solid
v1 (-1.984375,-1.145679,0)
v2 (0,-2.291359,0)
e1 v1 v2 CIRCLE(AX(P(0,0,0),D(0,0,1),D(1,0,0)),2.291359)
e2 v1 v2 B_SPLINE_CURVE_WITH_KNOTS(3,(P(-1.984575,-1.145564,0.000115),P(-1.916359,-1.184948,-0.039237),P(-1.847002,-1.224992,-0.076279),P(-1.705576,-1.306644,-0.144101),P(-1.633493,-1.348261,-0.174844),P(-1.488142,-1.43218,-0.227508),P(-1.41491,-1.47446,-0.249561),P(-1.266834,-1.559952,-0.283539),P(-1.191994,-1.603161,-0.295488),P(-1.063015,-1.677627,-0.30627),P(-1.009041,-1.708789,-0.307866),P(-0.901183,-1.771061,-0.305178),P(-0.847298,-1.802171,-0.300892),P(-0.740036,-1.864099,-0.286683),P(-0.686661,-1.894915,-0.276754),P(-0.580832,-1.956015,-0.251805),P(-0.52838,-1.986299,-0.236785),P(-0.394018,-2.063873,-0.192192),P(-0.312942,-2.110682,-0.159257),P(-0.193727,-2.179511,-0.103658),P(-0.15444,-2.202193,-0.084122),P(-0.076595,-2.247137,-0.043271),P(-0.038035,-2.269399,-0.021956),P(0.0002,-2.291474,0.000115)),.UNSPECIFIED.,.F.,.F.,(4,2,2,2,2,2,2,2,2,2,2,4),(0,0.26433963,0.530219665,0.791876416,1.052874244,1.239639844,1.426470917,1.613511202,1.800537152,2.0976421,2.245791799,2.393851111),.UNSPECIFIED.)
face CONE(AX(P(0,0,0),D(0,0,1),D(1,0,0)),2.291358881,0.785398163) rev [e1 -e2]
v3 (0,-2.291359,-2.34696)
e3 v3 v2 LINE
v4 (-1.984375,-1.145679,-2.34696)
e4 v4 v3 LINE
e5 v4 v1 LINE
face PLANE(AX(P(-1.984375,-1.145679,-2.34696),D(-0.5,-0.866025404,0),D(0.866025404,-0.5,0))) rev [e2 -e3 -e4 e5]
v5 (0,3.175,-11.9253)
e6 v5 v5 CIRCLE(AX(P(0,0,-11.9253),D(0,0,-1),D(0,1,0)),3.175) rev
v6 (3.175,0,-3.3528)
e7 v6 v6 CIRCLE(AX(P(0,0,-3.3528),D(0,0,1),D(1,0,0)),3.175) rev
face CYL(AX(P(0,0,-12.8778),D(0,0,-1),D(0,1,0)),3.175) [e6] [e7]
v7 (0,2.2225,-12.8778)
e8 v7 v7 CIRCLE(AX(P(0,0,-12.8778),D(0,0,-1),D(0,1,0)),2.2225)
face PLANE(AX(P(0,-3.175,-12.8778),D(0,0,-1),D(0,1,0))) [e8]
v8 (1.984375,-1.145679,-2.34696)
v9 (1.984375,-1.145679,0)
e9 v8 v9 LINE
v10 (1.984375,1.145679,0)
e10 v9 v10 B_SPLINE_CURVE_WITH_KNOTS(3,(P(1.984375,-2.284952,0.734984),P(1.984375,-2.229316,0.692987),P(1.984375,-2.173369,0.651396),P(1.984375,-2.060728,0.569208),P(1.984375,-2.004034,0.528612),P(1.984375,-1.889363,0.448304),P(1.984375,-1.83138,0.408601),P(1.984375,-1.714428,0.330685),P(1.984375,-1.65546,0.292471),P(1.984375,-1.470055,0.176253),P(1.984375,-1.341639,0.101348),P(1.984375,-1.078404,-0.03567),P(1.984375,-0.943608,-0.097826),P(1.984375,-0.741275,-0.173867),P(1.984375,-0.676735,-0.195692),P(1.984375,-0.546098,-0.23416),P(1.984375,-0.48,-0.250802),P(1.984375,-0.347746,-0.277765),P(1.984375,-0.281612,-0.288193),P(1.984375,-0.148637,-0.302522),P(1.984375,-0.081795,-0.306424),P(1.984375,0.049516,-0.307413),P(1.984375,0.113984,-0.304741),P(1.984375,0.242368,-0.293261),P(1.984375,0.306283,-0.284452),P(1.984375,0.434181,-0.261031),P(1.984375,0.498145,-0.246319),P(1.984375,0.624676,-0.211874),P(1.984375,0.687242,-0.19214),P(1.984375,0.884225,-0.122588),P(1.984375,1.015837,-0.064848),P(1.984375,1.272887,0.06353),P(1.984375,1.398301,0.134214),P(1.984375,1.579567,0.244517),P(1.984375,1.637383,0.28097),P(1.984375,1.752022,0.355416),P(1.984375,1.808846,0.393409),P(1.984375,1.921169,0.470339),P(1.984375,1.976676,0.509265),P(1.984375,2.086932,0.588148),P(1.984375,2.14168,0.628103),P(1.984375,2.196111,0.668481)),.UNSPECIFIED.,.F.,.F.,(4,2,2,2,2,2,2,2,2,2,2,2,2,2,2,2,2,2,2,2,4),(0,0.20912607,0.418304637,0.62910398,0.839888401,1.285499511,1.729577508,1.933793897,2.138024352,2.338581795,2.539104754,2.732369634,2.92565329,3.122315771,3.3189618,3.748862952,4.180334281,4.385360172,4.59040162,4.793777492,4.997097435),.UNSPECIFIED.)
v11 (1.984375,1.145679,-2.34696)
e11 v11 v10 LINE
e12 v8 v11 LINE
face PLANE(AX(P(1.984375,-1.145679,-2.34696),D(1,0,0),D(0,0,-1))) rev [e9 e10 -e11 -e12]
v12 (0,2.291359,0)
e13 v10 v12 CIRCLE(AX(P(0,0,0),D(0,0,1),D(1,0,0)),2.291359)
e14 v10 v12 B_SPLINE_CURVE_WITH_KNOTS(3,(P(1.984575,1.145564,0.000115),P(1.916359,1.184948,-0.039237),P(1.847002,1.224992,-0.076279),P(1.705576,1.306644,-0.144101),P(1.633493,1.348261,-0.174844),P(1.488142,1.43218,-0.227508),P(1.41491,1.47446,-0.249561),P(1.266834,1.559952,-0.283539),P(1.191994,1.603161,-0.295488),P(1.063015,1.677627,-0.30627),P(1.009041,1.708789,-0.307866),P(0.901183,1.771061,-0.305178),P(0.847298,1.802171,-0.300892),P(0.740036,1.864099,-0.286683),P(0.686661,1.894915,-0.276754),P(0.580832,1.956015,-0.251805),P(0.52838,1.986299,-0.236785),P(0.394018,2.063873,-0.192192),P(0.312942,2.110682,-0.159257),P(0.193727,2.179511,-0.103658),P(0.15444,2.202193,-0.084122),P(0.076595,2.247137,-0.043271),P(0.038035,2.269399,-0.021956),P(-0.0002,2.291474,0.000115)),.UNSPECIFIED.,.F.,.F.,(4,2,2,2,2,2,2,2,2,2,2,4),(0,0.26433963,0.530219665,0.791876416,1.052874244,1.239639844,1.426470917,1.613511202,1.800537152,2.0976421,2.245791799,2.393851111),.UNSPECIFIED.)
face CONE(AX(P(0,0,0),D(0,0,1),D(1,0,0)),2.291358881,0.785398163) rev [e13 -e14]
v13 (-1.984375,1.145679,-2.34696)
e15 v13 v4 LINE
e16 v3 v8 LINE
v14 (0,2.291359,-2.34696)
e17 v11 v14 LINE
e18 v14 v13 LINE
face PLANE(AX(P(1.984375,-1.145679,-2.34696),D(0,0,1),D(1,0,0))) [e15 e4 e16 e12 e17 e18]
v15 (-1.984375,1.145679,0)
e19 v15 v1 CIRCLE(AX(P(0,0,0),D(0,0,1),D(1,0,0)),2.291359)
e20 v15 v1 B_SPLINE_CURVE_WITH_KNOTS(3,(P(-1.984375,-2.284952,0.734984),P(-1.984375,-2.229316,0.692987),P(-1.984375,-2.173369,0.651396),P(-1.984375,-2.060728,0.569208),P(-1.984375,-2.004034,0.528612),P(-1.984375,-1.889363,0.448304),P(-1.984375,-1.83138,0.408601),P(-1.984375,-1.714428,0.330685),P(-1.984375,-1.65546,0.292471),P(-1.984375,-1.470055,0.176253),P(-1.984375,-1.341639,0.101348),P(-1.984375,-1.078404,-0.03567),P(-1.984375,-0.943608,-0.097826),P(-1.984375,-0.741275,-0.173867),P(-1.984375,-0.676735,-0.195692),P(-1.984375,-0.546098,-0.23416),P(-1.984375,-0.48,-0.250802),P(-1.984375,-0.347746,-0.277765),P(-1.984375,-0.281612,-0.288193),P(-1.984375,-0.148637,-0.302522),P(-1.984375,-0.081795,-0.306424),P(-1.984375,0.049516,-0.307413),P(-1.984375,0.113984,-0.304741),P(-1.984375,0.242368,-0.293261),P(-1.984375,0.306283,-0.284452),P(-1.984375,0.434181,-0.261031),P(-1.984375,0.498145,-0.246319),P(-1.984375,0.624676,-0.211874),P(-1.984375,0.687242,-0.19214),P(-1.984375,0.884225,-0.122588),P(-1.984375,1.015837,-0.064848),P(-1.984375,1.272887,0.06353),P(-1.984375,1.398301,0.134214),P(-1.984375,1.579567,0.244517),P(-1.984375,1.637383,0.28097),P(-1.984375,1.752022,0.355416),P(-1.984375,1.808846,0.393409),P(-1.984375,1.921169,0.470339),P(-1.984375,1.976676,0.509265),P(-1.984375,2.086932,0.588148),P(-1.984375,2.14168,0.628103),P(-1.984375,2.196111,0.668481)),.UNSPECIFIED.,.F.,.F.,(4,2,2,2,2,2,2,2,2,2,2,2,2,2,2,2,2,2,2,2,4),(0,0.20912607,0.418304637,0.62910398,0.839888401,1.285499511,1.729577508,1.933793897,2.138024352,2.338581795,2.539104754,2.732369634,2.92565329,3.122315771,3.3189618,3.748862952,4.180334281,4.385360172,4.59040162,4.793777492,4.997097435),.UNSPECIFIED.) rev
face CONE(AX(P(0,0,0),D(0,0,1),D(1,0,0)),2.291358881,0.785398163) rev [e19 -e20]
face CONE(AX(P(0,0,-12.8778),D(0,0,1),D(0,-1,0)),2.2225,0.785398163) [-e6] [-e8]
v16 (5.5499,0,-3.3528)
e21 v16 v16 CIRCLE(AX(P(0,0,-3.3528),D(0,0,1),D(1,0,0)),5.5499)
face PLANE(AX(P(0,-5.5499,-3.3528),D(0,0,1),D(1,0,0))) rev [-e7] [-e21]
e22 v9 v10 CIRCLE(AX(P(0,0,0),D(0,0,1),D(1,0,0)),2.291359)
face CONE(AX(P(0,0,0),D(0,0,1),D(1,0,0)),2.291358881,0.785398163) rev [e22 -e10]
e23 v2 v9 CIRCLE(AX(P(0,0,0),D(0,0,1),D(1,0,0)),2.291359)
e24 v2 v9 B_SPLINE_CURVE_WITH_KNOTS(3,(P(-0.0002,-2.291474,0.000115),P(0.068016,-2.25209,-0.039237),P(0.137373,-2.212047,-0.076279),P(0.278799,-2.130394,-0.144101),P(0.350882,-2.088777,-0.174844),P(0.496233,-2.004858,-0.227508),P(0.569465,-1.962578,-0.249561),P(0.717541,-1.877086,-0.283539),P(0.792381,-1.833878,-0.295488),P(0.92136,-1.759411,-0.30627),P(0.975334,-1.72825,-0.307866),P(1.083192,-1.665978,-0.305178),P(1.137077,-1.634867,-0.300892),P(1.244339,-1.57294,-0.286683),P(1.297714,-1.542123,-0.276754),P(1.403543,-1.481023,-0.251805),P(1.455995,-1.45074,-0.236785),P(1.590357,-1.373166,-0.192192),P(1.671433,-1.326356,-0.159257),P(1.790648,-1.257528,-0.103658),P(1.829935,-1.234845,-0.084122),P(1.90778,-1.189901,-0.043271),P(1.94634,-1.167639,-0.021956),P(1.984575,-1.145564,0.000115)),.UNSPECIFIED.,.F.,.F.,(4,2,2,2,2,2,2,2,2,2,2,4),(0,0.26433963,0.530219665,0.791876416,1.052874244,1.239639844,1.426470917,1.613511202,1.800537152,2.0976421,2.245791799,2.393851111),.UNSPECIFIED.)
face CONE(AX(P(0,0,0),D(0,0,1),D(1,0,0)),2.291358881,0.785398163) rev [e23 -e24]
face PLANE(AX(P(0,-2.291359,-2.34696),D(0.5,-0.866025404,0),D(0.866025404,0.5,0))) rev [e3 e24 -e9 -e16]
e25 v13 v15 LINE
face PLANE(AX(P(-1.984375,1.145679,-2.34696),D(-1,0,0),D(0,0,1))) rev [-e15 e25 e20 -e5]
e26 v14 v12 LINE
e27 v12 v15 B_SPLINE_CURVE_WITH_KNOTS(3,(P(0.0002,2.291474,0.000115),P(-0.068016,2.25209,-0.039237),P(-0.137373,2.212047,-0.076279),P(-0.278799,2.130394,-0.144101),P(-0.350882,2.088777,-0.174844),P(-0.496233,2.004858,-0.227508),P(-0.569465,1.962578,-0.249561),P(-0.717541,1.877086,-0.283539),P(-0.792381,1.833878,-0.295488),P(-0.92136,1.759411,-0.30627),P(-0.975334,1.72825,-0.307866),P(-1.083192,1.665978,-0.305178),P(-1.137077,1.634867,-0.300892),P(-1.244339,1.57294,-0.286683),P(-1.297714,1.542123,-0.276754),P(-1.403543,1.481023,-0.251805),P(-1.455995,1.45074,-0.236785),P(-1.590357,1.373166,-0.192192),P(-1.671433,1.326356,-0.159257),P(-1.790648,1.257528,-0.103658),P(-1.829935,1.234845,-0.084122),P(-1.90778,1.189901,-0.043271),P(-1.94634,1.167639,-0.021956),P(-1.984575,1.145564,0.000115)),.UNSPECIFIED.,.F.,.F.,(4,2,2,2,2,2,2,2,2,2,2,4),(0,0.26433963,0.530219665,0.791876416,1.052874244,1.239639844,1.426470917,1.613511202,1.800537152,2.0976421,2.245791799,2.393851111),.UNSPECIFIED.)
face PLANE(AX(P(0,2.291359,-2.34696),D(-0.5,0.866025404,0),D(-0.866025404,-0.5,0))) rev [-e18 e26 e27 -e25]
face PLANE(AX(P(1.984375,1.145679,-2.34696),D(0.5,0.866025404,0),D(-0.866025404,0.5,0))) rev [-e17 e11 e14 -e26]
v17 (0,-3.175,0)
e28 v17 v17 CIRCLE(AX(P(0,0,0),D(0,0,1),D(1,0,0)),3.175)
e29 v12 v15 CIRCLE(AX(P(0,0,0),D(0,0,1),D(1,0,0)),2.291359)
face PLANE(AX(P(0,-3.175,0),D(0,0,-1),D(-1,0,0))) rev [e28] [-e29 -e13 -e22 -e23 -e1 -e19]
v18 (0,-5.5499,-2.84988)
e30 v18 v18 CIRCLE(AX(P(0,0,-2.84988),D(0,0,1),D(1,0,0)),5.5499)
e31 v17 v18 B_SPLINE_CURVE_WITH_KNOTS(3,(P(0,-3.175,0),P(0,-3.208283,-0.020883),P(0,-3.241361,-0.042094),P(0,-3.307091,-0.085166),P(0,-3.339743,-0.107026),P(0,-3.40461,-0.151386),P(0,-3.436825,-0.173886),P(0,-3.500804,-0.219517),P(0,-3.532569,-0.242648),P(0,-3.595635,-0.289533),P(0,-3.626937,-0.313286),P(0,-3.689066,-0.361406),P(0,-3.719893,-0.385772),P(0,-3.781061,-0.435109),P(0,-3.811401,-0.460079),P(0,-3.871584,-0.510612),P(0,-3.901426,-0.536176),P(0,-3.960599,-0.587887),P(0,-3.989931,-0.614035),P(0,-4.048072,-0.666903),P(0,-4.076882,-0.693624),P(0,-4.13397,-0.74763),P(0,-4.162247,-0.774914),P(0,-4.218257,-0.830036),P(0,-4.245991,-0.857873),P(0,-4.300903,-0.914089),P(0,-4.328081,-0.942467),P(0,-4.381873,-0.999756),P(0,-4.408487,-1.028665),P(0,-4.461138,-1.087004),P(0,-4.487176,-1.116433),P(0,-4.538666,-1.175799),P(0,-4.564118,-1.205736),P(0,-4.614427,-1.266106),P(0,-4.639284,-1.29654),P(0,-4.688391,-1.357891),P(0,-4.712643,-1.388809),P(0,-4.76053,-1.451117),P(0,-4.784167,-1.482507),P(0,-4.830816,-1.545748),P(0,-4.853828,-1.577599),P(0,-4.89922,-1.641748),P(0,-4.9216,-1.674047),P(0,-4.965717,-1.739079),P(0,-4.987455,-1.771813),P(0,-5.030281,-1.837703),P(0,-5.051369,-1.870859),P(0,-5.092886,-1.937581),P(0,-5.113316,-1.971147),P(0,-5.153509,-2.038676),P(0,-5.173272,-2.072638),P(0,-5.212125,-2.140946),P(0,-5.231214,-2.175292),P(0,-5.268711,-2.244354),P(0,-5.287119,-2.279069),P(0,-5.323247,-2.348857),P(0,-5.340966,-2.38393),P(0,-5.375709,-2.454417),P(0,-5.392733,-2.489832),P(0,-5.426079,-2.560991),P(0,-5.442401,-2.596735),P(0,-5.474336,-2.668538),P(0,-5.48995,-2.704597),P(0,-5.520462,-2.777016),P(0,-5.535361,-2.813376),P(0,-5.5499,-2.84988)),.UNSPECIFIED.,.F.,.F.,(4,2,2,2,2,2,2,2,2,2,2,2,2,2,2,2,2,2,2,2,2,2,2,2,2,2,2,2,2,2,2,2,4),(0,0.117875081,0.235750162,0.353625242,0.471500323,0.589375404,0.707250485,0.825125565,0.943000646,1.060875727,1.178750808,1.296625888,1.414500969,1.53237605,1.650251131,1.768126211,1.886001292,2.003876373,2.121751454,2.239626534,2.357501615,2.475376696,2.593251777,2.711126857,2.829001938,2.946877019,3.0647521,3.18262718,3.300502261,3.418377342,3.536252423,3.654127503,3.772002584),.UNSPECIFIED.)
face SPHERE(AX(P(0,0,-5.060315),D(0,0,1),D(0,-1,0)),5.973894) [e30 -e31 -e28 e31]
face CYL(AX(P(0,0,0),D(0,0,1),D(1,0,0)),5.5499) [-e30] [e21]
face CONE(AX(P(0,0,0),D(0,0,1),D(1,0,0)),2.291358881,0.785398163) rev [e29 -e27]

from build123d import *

# Parameters (mm, degrees)
SKETCH1_W          = 9.525
SKETCH1_H          = 3.175
CHAMFER1_SIZE      = 0.9525
CUT_EXTRUDE2_DEPTH = 2.34696


with BuildPart() as part:
    # Sketch1 → Revolve1 (revolve)
    with BuildSketch(Plane(origin=(0, 0, 0), x_dir=(0, 0, -1), z_dir=(1, 0, 0))):
        with Locations((8.1153, 1.5875)):
            Rectangle(SKETCH1_W, SKETCH1_H)
    revolve(axis=Axis((0, 0, -12.8778), (0, 0, 1)))

    # Chamfer1
    chamfer1_edges = [part.edges().sort_by_distance(p)[0] for p in [
        (0, -3.175, -12.8778),
    ]]
    chamfer(chamfer1_edges, length=CHAMFER1_SIZE)

    # Sketch7 → Revolve2 (revolve)
    with BuildSketch(Plane(origin=(0, 0, 0), x_dir=(0, 0, -1), z_dir=(1, 0, 0))):
        with BuildLine():
            Line((2.84988, 5.5499), (3.3528, 5.5499))
            Line((3.3528, 5.5499), (3.3528, 0))
            Line((3.3528, 0), (0, 0))
            Line((0, 0), (0, 3.175))
            ThreePointArc((0, 3.175), (1.235921075, 4.58927271), (2.84988, 5.5499))
        make_face()
    revolve(axis=Axis((0, 0, 0), (0, 0, -1)))

    # Sketch5 → Cut-Extrude2 (cut)
    with BuildSketch(Plane.XY):
        Polygon((1.984375, -1.14567944), (1.984375, 1.14567944), (0, 2.291358881), (-1.984375, 1.14567944), (-1.984375, -1.14567944), (0, -2.291358881), align=None)
    extrude(amount=-CUT_EXTRUDE2_DEPTH, mode=Mode.SUBTRACT)

    # Cut-Extrude3 cone 1 section (through the dimple's axis) → Cut-Extrude3 (revolve, cut)
    with BuildSketch(Plane(origin=(0, 0, 0), x_dir=(0, -1, 0), z_dir=(1, 0, 0))):
        Polygon((0, 0), (2.291358881, 0), (0, 2.291358881), align=None)
    revolve(axis=Axis((0, 0, 0), (0, 0, -1)), mode=Mode.SUBTRACT)


solid = part.part
